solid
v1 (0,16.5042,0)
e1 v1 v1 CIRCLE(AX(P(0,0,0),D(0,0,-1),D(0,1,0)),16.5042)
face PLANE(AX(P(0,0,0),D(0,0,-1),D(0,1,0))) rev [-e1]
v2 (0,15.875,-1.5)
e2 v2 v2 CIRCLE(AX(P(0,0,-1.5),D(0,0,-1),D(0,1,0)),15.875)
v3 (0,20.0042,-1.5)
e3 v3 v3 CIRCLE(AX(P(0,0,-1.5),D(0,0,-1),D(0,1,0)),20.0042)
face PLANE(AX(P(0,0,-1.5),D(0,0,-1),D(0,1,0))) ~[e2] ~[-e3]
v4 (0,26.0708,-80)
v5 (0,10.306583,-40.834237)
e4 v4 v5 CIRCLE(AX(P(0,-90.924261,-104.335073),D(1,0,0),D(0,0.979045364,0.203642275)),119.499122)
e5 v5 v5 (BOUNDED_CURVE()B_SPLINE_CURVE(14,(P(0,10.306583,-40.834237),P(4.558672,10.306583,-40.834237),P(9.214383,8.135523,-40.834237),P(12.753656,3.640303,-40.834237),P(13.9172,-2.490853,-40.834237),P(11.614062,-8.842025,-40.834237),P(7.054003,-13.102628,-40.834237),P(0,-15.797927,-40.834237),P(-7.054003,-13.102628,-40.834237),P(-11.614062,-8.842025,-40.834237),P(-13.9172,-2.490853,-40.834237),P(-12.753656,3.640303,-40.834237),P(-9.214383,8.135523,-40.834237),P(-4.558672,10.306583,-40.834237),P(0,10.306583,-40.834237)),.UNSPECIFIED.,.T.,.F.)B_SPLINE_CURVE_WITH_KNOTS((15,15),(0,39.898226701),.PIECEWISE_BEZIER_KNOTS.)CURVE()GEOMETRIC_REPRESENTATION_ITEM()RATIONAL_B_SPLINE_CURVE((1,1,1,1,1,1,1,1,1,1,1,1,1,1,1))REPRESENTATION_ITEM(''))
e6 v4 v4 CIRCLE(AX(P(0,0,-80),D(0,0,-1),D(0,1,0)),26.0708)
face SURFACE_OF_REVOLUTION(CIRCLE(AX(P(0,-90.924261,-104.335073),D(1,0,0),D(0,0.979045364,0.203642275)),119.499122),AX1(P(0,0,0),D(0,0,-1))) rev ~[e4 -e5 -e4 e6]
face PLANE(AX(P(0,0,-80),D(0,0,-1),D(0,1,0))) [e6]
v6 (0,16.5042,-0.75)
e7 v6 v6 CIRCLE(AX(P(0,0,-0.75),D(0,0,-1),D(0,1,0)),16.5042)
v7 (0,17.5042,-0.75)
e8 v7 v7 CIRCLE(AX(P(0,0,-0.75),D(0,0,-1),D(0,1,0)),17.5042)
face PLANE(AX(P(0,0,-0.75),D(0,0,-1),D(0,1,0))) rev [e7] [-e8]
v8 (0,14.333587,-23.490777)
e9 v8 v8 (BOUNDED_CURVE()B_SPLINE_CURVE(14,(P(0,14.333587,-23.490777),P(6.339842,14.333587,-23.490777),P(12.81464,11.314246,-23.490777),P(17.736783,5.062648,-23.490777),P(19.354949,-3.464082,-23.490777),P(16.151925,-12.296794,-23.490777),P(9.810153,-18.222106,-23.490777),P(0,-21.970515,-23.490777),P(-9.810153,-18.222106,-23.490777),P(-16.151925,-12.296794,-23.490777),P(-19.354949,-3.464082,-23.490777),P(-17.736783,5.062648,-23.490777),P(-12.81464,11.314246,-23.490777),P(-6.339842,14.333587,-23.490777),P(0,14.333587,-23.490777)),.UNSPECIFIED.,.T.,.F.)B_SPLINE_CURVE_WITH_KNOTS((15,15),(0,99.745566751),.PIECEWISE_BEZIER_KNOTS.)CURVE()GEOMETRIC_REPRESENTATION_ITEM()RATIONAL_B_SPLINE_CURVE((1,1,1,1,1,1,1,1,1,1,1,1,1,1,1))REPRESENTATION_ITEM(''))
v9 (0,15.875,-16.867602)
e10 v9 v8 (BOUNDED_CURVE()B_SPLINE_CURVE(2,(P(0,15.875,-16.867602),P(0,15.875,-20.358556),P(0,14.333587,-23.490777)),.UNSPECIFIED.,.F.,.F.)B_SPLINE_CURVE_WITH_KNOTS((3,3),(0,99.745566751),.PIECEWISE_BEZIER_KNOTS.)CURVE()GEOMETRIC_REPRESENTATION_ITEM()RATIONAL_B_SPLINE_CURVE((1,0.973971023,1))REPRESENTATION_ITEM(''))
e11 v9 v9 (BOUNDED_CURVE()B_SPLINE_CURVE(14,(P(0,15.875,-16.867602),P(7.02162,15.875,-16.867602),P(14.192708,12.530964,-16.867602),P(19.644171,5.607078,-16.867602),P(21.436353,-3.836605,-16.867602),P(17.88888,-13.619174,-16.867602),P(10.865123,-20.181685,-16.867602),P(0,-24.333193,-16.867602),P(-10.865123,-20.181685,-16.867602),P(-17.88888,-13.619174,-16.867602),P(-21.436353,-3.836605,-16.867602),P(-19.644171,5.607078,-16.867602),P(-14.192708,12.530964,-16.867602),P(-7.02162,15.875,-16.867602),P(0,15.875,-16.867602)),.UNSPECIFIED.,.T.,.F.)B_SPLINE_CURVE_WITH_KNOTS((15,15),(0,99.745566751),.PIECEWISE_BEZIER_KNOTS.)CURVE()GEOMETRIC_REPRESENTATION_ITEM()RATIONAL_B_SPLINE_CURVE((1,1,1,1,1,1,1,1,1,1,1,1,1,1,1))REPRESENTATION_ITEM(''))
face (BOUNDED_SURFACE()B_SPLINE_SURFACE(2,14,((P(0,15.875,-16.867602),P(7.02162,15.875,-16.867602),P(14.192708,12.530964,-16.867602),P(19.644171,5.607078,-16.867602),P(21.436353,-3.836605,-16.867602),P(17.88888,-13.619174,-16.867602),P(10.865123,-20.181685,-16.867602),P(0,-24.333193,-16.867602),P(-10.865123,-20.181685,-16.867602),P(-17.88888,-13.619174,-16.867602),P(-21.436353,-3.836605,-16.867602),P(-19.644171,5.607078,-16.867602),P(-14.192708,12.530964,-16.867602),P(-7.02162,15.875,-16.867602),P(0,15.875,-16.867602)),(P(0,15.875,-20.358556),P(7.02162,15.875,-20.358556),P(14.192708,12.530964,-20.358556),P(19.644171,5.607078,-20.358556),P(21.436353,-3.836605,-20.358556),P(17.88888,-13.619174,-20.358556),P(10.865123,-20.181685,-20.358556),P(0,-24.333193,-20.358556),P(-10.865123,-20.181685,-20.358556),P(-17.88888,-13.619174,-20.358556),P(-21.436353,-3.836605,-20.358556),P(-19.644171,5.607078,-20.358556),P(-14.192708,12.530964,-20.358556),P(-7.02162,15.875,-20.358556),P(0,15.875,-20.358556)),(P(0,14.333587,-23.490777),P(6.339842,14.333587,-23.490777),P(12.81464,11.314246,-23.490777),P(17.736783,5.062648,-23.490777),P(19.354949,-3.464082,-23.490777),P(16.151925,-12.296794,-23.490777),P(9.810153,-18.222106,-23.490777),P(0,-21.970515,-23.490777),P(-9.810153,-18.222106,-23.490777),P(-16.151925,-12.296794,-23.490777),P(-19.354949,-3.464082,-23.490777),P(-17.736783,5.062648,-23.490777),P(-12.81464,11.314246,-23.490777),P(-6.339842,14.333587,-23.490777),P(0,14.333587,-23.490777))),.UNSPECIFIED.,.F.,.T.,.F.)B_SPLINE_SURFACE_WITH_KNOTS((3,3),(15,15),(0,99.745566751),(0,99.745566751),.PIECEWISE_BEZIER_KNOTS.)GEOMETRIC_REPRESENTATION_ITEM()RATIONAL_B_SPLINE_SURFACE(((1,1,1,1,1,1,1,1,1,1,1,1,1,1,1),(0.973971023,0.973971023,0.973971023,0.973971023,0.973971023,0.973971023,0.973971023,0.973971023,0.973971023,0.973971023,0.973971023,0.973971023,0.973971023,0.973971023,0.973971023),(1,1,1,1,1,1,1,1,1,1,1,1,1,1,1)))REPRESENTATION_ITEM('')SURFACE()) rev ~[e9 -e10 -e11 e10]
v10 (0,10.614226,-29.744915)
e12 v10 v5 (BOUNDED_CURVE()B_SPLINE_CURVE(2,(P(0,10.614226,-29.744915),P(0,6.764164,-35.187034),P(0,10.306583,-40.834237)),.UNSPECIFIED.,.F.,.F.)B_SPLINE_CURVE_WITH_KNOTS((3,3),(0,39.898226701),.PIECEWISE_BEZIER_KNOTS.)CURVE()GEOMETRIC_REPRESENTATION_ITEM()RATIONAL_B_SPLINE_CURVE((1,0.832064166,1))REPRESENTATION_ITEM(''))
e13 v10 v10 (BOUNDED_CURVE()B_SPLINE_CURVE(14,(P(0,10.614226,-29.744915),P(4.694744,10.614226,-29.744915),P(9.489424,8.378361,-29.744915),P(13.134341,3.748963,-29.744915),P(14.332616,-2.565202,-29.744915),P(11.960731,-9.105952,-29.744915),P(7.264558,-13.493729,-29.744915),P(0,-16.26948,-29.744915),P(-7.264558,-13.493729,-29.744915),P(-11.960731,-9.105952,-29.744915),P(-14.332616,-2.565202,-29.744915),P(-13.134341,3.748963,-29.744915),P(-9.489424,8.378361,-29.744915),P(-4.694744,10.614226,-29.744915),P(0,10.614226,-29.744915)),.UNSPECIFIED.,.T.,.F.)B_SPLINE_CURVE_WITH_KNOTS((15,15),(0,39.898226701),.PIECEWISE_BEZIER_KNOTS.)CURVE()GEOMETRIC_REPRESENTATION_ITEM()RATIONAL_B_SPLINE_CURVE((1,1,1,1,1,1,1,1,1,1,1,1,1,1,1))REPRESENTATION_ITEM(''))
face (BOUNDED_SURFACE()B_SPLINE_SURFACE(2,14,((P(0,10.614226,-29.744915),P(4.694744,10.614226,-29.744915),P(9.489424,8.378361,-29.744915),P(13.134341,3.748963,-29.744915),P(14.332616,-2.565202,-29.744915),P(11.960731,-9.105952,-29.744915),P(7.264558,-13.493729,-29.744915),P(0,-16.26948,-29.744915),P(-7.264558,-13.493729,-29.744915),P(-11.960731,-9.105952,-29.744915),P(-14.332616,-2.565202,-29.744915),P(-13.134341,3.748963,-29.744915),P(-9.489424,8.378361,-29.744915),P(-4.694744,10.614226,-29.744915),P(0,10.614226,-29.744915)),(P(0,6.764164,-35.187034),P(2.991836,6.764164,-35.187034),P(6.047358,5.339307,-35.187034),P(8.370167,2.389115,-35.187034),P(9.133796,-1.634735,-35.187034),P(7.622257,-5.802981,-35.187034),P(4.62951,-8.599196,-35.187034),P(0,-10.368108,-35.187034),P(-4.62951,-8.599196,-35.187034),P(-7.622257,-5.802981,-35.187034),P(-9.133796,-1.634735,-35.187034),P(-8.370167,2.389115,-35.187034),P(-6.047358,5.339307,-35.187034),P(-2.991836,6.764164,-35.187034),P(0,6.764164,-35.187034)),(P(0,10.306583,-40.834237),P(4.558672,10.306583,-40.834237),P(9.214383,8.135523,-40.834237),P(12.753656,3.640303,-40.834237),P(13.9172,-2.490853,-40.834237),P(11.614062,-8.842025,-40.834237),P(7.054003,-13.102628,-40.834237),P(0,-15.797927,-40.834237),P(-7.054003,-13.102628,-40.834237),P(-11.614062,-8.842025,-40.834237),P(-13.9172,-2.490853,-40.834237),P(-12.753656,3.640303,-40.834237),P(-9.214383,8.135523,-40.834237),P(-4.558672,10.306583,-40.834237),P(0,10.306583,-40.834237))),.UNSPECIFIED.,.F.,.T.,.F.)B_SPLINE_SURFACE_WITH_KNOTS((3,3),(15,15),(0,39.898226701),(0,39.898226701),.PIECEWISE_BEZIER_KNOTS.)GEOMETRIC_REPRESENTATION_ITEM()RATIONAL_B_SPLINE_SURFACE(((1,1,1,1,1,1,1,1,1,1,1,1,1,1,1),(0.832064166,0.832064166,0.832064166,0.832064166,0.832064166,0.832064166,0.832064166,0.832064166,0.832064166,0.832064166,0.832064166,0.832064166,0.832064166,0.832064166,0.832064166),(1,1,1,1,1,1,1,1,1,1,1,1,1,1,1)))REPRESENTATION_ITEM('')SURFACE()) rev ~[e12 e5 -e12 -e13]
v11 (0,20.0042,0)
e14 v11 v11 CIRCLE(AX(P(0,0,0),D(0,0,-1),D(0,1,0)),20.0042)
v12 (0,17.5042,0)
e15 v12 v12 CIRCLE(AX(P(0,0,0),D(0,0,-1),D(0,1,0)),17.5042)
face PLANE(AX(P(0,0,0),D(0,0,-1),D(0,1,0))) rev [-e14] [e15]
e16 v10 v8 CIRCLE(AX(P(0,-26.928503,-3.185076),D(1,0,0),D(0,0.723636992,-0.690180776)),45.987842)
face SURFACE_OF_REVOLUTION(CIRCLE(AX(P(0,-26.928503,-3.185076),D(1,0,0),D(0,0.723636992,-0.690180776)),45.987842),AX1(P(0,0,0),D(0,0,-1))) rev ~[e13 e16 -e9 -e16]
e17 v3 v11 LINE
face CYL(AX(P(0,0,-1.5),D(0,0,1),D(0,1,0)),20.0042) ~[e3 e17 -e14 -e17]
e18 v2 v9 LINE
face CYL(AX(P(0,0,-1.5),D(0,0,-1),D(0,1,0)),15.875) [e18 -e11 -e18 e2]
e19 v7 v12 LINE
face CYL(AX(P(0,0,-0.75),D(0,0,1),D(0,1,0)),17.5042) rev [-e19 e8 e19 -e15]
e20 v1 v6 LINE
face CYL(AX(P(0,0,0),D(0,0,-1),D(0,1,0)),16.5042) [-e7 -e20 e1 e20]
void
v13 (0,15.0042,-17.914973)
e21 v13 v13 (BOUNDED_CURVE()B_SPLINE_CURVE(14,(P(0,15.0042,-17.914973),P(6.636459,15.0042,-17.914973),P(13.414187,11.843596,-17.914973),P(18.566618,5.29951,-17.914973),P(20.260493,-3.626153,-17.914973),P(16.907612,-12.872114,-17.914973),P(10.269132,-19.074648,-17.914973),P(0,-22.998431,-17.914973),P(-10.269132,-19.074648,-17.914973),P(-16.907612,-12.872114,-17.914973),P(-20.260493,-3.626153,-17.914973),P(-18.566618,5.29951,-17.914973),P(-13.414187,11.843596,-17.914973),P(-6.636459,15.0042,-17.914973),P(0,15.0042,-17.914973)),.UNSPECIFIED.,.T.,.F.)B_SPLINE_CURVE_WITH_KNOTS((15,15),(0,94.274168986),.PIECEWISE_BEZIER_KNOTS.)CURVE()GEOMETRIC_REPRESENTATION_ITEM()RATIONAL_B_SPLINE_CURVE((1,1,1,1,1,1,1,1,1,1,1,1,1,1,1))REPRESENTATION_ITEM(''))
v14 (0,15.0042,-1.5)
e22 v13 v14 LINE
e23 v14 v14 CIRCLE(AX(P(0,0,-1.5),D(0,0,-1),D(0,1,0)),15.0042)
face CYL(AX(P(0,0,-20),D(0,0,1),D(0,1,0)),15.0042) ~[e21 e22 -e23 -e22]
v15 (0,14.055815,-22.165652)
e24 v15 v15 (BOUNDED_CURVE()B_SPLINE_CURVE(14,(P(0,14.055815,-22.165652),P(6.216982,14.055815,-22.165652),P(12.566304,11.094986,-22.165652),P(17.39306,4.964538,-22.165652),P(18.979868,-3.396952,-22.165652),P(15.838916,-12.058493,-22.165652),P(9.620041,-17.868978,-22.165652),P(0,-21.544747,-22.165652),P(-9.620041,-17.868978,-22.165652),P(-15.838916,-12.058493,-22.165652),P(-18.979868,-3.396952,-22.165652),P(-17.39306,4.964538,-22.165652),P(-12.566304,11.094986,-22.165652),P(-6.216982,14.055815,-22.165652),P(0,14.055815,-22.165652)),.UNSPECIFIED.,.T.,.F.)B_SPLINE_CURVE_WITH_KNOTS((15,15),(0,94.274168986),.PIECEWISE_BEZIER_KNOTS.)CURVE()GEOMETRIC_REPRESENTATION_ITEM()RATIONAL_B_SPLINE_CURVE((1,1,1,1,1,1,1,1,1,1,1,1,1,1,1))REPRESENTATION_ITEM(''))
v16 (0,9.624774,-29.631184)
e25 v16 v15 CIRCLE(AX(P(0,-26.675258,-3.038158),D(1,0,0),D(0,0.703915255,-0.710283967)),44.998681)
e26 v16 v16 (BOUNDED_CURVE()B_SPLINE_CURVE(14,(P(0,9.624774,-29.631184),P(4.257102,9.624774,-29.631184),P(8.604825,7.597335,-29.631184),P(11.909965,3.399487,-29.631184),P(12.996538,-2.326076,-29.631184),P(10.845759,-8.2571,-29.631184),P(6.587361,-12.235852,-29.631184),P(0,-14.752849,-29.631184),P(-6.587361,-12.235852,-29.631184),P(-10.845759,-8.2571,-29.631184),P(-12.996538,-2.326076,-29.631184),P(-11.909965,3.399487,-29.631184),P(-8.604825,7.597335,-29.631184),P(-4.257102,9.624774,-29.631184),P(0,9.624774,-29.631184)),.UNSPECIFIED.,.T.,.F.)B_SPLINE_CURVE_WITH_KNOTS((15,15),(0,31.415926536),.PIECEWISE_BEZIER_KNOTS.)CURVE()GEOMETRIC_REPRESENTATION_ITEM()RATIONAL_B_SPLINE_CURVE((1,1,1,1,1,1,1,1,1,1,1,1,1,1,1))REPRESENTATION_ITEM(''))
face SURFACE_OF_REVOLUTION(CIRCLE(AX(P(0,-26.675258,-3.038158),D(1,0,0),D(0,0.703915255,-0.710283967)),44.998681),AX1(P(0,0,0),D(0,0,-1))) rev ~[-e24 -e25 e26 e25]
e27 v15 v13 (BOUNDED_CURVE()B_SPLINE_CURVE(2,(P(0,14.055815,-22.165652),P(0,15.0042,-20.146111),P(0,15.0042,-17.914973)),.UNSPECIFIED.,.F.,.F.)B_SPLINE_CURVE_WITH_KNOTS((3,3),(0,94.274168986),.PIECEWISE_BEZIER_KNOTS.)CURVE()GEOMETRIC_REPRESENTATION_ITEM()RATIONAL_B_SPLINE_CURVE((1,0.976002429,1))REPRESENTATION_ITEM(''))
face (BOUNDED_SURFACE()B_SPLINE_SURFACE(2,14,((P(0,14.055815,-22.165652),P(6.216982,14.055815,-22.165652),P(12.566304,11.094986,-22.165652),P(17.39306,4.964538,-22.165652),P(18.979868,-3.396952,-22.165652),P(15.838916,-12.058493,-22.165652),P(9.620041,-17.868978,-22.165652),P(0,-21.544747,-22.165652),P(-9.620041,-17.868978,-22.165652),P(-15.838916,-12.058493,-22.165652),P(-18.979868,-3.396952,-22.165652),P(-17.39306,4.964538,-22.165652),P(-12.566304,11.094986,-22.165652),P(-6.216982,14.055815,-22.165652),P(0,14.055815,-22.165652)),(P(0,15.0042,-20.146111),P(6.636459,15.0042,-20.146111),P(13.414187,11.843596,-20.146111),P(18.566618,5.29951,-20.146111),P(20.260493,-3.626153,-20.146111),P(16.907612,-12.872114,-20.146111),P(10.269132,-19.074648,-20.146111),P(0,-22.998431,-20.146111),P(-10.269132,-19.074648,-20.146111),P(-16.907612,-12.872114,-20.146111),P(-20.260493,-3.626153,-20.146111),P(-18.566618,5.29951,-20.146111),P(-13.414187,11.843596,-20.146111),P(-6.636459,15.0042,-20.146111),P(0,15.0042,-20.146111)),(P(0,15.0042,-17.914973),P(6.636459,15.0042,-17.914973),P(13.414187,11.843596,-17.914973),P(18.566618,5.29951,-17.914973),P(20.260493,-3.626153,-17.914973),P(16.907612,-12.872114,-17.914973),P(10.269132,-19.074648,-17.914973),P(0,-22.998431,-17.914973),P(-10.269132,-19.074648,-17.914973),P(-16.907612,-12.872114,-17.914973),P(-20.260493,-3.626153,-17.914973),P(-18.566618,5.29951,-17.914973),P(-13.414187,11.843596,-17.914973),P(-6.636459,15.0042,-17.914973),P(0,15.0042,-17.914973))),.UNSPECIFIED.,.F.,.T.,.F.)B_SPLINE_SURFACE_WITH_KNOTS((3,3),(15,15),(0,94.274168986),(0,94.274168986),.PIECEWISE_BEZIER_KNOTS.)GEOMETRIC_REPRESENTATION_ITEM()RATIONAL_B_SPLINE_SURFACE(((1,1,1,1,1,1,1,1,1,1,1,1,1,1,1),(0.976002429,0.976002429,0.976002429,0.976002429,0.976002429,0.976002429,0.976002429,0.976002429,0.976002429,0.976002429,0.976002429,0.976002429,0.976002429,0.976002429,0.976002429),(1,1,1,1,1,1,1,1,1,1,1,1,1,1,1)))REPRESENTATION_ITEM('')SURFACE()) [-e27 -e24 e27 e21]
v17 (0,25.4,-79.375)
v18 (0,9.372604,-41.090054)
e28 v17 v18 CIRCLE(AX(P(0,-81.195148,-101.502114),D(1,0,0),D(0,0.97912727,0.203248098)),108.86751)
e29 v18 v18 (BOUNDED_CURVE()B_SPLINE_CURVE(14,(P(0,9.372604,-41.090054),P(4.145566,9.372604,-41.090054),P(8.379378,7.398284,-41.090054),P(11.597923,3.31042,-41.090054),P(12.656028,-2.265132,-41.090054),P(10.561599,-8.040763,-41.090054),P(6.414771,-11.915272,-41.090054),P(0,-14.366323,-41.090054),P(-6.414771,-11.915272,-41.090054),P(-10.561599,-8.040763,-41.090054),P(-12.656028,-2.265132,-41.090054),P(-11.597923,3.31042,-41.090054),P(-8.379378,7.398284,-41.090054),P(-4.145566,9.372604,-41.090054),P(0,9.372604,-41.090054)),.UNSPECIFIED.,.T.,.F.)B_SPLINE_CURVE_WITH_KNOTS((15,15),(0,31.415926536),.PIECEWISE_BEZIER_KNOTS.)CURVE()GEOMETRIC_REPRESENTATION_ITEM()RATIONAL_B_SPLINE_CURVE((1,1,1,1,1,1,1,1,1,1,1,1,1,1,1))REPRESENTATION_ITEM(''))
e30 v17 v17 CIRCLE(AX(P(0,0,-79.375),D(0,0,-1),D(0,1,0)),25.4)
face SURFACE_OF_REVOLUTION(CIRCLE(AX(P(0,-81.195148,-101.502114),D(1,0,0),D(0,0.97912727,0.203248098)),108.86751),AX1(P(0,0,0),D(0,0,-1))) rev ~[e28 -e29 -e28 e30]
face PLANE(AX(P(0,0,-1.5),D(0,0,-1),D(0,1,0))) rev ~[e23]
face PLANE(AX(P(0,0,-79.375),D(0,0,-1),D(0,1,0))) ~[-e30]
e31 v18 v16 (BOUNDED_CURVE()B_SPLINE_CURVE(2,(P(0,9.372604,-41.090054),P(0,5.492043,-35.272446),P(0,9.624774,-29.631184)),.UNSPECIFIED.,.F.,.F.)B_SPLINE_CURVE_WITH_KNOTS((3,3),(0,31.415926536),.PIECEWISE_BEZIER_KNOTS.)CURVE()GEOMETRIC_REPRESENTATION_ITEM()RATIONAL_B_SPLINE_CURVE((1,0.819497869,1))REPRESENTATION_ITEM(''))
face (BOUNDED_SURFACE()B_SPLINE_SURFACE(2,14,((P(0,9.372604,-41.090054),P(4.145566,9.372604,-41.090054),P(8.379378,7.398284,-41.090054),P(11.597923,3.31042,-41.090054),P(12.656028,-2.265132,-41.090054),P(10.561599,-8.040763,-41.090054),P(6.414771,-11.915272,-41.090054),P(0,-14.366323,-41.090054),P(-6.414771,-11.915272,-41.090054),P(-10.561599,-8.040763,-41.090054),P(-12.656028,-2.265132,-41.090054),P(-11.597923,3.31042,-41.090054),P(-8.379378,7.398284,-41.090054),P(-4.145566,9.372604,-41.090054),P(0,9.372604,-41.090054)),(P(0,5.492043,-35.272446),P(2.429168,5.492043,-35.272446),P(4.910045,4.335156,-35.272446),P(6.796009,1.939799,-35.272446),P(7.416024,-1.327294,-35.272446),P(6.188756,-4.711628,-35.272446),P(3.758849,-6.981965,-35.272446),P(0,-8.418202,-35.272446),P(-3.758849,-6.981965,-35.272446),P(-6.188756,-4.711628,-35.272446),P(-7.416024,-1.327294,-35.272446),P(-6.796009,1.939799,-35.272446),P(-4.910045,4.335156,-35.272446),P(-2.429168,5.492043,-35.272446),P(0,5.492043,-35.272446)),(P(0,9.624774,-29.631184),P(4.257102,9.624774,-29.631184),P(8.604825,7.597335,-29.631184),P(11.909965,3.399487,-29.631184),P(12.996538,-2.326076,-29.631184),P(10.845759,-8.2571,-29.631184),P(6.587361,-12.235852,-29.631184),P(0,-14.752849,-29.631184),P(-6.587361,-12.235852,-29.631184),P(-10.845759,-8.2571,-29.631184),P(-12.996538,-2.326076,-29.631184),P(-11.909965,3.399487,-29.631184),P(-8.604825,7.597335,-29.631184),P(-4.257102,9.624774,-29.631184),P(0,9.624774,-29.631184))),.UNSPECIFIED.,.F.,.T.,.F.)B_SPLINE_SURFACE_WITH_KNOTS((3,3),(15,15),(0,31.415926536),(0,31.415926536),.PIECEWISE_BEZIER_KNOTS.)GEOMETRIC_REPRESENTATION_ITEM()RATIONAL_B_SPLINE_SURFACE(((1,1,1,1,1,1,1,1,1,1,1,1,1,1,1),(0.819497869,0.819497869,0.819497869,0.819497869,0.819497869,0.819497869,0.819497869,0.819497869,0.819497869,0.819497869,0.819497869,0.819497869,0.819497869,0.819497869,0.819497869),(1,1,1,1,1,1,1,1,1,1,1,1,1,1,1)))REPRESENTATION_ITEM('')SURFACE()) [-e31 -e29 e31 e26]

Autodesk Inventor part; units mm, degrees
ref_plane "YZ Plane" through (0, 0, 0) normal (1, 0, 0) x (0, 1, 0)
ref_plane "XZ Plane" through (0, 0, 0) normal (0, 1, 0) x (-1, 0, 0)
ref_plane "XY Plane" through (0, 0, 0) normal (0, 0, 1) x (1, 0, 0)
sketch "CD Nozzle Sketch" plane through (0, 0, 0) normal (1, 0, 0) x (0, 1, 0)
  line L0 (0, 0) -> (0, -80)
  line L1 (15.0042, -20) -> (15.0042, -1.5)
  line L2 (15.875, -1.5) -> (15.875, -20)
  arc A0 (6.35, -34.925) -> (15.875, -20) centre (-26.9286, -3.185) ccw
  line L3 (15.875, -1.5) -> (20.0042, -1.5)
  line L4 (20.0042, -1.5) -> (20.0042, 0)
  arc A1 (25.4, -79.375) -> (5, -35) centre (-81.1948, -101.502) ccw
  arc A2 (26.0708, -80) -> (6.35, -34.925) centre (-90.9256, -104.3355) ccw
  arc A3 (5, -35) -> (15.0042, -20) centre (-26.6763, -3.0373) ccw
  line L5 (16.5042, 0) -> (16.5042, -0.75)
  line L6 (16.5042, -0.75) -> (17.5042, -0.75)
  line L7 (17.5042, -0.75) -> (17.5042, 0)
  line L8 (17.5042, 0) -> (20.0042, 0)
  line L9 (0, 1) -> (0, 0)
  line L10 (0, 1) -> (0, 0)
  line L11 (0, 3.175) -> (0, 0)
  line L12 (0, -0.75) -> (0, 0)
  line L13 (0, 0) -> (0, -1.5)
  line L14 (15.0042, -1.5) -> (0, -1.5)
  line L15 (0, 0) -> (16.5042, 0)
  line L16 (26.0708, -80) -> (0, -80)
  line L17 (0, -79.375) -> (25.4, -79.375)
  dimension "d5" = 80
  dimension "d34" = 45
  dimension "d39" = 35
  dimension "d40" = 5
revolve "CD Nozzle" add sketch "CD Nozzle Sketch" angle 360 about axis through (0, 0, 0) along (0, 0, -1) contours L15 L5 L6 L7 L8 L4 L3 L2 A0 A2 L16 L0 L17 A1 A3 L1 L14
fillet "Fillet14" radius 15 1 edges at (0, -15.875, -20)
fillet "Fillet15" radius 10 1 edges at (0, -6.35, -34.925)
fillet "Fillet16" radius 10 1 edges at (0, -5, -35)
fillet "Fillet17" radius 10 1 edges at (0, -15.0042, -20)
properties part number "alpha-i-for-cfd" material "Steel, Mild"
